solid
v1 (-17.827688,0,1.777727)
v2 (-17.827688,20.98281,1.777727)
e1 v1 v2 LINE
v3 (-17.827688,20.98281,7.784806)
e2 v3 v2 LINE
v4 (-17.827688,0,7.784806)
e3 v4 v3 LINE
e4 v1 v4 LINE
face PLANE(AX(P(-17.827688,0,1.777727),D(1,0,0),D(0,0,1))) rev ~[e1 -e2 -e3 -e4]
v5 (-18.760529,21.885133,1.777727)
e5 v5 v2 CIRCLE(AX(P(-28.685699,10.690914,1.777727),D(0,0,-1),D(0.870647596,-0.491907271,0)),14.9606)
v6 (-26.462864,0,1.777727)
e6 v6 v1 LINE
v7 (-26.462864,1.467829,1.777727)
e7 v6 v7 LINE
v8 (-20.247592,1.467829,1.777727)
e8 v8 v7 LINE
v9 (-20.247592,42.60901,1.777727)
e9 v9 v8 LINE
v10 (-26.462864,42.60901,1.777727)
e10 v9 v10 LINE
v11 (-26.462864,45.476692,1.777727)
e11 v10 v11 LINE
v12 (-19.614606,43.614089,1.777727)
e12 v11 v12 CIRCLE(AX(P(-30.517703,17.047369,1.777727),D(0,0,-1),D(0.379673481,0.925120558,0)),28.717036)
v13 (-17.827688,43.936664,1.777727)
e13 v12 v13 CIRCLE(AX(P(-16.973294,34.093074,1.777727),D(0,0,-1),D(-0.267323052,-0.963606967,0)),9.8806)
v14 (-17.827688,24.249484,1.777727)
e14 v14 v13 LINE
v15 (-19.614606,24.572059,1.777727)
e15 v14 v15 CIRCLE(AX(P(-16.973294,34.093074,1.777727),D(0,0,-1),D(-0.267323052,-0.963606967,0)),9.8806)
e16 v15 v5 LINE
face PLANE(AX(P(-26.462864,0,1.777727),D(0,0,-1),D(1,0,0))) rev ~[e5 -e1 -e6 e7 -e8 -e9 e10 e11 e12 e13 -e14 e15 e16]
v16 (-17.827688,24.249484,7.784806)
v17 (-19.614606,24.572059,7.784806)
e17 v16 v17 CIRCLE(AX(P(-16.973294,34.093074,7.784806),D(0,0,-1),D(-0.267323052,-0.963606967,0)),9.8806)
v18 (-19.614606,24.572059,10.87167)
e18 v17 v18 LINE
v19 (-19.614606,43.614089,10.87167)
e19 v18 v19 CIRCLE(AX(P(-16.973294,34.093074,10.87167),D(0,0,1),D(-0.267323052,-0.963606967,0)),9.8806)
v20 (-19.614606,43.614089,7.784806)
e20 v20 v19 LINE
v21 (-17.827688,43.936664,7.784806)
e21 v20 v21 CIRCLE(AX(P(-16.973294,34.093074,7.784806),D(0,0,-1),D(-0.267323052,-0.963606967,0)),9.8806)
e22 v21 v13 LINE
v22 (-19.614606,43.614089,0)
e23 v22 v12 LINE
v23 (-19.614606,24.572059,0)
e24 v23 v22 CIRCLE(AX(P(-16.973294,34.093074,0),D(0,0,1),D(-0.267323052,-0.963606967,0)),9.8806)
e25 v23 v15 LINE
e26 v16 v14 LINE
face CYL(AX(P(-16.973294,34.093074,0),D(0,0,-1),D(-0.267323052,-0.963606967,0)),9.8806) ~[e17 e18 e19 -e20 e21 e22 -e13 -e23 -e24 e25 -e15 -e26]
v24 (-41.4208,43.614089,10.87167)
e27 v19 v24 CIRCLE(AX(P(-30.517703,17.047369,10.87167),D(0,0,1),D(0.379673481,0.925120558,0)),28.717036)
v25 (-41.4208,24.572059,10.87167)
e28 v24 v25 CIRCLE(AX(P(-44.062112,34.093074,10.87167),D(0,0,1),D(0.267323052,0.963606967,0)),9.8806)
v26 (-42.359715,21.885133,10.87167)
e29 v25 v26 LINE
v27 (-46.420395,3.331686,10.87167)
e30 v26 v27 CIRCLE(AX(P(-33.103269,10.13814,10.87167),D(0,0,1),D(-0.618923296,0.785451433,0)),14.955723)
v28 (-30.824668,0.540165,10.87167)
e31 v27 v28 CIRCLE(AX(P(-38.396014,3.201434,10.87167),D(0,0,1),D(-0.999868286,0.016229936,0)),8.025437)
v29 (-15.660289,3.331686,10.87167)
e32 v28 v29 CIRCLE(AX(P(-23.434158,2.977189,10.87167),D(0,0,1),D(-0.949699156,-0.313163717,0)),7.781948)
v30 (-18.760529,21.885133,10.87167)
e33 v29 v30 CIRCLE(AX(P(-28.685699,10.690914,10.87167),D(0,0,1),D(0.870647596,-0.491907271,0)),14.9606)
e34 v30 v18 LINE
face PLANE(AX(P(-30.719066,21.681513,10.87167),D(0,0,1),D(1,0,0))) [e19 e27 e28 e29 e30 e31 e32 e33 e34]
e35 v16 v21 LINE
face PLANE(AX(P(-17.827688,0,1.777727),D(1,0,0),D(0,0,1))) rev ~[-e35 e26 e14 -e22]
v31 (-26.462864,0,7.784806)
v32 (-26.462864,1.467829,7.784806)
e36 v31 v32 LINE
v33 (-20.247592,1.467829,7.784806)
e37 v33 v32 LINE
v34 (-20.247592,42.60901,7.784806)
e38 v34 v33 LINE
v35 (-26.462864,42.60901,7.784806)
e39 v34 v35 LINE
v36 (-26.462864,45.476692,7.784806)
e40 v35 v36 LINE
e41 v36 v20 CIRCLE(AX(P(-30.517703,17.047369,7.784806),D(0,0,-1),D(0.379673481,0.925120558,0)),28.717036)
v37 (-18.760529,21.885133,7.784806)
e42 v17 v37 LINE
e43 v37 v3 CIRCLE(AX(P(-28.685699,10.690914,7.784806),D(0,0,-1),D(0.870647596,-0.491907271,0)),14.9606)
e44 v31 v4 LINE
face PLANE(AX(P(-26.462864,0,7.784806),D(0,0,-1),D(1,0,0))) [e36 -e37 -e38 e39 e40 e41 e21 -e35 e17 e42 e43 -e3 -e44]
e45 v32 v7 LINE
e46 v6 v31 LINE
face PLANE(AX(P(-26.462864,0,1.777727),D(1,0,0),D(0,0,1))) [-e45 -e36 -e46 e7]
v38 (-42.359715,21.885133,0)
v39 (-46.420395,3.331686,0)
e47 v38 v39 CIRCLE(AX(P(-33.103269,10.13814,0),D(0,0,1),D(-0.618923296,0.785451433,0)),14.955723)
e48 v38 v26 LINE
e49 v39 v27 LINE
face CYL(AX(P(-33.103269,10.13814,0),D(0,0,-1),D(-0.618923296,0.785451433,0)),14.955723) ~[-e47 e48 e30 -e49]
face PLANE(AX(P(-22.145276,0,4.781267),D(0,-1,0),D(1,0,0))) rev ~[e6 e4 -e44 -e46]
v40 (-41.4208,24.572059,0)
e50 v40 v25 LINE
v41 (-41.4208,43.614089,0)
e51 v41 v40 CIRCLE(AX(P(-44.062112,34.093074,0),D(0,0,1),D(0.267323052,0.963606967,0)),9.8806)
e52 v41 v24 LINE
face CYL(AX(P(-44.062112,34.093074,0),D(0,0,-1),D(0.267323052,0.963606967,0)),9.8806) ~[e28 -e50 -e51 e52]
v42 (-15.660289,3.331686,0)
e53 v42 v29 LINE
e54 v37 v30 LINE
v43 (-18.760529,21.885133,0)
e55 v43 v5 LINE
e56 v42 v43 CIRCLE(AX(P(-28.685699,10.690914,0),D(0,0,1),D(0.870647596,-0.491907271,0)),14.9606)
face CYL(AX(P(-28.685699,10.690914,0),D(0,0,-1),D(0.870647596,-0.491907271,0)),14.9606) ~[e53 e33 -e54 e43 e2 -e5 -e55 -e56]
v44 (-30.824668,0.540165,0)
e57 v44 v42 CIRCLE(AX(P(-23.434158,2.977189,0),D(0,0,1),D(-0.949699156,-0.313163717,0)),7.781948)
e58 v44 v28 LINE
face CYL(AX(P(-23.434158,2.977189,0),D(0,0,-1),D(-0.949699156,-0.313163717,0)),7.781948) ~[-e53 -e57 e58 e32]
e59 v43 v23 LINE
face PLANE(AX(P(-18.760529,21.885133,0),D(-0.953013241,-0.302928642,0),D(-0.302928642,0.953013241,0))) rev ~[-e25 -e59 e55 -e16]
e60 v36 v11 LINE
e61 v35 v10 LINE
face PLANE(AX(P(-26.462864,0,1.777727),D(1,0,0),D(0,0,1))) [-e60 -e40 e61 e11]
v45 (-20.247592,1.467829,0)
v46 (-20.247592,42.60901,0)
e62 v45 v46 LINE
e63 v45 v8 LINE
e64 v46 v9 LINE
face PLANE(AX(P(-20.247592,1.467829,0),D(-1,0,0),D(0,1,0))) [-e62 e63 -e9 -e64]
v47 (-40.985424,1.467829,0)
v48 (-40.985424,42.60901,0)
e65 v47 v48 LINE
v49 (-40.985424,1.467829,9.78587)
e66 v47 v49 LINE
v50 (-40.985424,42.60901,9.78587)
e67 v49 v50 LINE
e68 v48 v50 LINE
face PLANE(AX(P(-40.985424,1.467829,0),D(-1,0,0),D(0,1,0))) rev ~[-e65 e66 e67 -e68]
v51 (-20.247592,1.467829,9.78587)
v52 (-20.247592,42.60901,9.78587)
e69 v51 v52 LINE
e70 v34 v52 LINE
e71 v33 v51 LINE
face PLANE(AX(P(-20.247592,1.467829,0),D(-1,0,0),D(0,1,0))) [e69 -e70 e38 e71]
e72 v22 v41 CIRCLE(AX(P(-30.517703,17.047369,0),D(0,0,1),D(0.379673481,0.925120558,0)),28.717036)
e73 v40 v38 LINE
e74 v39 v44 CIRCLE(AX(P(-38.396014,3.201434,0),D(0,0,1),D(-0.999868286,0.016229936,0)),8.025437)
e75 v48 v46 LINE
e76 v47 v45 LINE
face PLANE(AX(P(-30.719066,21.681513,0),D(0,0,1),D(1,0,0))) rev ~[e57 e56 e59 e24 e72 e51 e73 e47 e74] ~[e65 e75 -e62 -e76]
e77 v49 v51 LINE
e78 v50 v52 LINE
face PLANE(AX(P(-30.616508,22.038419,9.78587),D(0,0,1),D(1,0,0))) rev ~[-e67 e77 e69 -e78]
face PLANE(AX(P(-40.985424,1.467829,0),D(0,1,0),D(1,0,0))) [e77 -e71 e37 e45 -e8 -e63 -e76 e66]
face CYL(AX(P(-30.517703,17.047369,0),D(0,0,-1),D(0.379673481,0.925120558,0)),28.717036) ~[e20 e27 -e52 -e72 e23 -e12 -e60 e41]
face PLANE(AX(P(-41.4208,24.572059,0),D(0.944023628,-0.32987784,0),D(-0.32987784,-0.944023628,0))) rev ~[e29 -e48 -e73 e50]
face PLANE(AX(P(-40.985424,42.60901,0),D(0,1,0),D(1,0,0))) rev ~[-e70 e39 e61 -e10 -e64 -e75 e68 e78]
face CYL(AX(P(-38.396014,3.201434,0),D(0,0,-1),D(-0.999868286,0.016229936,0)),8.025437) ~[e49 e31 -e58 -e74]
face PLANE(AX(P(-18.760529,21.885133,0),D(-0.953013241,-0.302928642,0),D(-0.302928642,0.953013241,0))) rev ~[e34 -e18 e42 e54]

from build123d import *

# Parameters (mm, degrees)
F1_DEPTH = 10.87167
F2_W     = 20.7378324121
F2_H     = 41.1411811365
F3_DEPTH = 9.78587
F4_W     = 8.6351763457
F4_H     = 6.0070783366
F5_DEPTH = 63.13654


with BuildPart() as f1:
    # F0 (on Top) → F1 (new body)
    with BuildSketch(Plane.XY):
        with BuildLine():
            ThreePointArc((-19.6146064737, 24.572059019), (-7.0926943283, 34.0930740127), (-19.6146064737, 43.6140890064))
            ThreePointArc((-19.6146064737, 43.6140890064), (-30.5177033911, 45.7644046028), (-41.4208003086, 43.6140890064))
            ThreePointArc((-41.4208003086, 43.6140890064), (-53.942712454, 34.0930740127), (-41.4208003086, 24.572059019))
            Line((-41.4208003086, 24.572059019), (-42.3597145092, 21.8851334871))
            ThreePointArc((-42.3597145092, 21.8851334871), (-47.713167553, 13.3357192606), (-46.4203947683, 3.3316859921))
            ThreePointArc((-46.4203947683, 3.3316859921), (-39.8100362087, -4.6984516114), (-30.8246676488, 0.5401648148))
            ThreePointArc((-30.8246676488, 0.5401648148), (-22.0252975249, -4.6761652077), (-15.660289069, 3.3316859921))
            ThreePointArc((-15.660289069, 3.3316859921), (-13.9296875224, 13.1566111484), (-18.7605294597, 21.8851334871))
            Line((-18.7605294597, 21.8851334871), (-19.6146064737, 24.572059019))
        make_face()
        with BuildLine():
            ThreePointArc((-30.7483132929, 5.6346026249), (-30.371478369, 3.0811636063), (-30.8246676488, 0.5401648148))
            ThreePointArc((-30.8246676488, 0.5401648148), (-31.2152322971, 3.0938096117), (-30.7483132929, 5.6346026249))
        make_face(mode=Mode.SUBTRACT)
        with BuildLine():
            ThreePointArc((-30.7483132929, 5.6346026249), (-31.2152322971, 3.0938096117), (-30.8246676488, 0.5401648148))
            ThreePointArc((-30.8246676488, 0.5401648148), (-30.371478369, 3.0811636063), (-30.7483132929, 5.6346026249))
        make_face()
    extrude(amount=F1_DEPTH)

    # F2 (on Top) → F3 (cut)
    with BuildSketch(Plane.XY):
        with Locations((-30.6165078655, 22.0384193235)):
            Rectangle(F2_W, F2_H)
    extrude(amount=F3_DEPTH, mode=Mode.SUBTRACT)

    # F4 (on Front) → F5 (cut)
    with BuildSketch(Plane.XZ):
        with Locations((-22.1452759579, 4.781266558)):
            Rectangle(F4_W, F4_H)
    extrude(amount=-F5_DEPTH, mode=Mode.SUBTRACT)


solid = f1.part
